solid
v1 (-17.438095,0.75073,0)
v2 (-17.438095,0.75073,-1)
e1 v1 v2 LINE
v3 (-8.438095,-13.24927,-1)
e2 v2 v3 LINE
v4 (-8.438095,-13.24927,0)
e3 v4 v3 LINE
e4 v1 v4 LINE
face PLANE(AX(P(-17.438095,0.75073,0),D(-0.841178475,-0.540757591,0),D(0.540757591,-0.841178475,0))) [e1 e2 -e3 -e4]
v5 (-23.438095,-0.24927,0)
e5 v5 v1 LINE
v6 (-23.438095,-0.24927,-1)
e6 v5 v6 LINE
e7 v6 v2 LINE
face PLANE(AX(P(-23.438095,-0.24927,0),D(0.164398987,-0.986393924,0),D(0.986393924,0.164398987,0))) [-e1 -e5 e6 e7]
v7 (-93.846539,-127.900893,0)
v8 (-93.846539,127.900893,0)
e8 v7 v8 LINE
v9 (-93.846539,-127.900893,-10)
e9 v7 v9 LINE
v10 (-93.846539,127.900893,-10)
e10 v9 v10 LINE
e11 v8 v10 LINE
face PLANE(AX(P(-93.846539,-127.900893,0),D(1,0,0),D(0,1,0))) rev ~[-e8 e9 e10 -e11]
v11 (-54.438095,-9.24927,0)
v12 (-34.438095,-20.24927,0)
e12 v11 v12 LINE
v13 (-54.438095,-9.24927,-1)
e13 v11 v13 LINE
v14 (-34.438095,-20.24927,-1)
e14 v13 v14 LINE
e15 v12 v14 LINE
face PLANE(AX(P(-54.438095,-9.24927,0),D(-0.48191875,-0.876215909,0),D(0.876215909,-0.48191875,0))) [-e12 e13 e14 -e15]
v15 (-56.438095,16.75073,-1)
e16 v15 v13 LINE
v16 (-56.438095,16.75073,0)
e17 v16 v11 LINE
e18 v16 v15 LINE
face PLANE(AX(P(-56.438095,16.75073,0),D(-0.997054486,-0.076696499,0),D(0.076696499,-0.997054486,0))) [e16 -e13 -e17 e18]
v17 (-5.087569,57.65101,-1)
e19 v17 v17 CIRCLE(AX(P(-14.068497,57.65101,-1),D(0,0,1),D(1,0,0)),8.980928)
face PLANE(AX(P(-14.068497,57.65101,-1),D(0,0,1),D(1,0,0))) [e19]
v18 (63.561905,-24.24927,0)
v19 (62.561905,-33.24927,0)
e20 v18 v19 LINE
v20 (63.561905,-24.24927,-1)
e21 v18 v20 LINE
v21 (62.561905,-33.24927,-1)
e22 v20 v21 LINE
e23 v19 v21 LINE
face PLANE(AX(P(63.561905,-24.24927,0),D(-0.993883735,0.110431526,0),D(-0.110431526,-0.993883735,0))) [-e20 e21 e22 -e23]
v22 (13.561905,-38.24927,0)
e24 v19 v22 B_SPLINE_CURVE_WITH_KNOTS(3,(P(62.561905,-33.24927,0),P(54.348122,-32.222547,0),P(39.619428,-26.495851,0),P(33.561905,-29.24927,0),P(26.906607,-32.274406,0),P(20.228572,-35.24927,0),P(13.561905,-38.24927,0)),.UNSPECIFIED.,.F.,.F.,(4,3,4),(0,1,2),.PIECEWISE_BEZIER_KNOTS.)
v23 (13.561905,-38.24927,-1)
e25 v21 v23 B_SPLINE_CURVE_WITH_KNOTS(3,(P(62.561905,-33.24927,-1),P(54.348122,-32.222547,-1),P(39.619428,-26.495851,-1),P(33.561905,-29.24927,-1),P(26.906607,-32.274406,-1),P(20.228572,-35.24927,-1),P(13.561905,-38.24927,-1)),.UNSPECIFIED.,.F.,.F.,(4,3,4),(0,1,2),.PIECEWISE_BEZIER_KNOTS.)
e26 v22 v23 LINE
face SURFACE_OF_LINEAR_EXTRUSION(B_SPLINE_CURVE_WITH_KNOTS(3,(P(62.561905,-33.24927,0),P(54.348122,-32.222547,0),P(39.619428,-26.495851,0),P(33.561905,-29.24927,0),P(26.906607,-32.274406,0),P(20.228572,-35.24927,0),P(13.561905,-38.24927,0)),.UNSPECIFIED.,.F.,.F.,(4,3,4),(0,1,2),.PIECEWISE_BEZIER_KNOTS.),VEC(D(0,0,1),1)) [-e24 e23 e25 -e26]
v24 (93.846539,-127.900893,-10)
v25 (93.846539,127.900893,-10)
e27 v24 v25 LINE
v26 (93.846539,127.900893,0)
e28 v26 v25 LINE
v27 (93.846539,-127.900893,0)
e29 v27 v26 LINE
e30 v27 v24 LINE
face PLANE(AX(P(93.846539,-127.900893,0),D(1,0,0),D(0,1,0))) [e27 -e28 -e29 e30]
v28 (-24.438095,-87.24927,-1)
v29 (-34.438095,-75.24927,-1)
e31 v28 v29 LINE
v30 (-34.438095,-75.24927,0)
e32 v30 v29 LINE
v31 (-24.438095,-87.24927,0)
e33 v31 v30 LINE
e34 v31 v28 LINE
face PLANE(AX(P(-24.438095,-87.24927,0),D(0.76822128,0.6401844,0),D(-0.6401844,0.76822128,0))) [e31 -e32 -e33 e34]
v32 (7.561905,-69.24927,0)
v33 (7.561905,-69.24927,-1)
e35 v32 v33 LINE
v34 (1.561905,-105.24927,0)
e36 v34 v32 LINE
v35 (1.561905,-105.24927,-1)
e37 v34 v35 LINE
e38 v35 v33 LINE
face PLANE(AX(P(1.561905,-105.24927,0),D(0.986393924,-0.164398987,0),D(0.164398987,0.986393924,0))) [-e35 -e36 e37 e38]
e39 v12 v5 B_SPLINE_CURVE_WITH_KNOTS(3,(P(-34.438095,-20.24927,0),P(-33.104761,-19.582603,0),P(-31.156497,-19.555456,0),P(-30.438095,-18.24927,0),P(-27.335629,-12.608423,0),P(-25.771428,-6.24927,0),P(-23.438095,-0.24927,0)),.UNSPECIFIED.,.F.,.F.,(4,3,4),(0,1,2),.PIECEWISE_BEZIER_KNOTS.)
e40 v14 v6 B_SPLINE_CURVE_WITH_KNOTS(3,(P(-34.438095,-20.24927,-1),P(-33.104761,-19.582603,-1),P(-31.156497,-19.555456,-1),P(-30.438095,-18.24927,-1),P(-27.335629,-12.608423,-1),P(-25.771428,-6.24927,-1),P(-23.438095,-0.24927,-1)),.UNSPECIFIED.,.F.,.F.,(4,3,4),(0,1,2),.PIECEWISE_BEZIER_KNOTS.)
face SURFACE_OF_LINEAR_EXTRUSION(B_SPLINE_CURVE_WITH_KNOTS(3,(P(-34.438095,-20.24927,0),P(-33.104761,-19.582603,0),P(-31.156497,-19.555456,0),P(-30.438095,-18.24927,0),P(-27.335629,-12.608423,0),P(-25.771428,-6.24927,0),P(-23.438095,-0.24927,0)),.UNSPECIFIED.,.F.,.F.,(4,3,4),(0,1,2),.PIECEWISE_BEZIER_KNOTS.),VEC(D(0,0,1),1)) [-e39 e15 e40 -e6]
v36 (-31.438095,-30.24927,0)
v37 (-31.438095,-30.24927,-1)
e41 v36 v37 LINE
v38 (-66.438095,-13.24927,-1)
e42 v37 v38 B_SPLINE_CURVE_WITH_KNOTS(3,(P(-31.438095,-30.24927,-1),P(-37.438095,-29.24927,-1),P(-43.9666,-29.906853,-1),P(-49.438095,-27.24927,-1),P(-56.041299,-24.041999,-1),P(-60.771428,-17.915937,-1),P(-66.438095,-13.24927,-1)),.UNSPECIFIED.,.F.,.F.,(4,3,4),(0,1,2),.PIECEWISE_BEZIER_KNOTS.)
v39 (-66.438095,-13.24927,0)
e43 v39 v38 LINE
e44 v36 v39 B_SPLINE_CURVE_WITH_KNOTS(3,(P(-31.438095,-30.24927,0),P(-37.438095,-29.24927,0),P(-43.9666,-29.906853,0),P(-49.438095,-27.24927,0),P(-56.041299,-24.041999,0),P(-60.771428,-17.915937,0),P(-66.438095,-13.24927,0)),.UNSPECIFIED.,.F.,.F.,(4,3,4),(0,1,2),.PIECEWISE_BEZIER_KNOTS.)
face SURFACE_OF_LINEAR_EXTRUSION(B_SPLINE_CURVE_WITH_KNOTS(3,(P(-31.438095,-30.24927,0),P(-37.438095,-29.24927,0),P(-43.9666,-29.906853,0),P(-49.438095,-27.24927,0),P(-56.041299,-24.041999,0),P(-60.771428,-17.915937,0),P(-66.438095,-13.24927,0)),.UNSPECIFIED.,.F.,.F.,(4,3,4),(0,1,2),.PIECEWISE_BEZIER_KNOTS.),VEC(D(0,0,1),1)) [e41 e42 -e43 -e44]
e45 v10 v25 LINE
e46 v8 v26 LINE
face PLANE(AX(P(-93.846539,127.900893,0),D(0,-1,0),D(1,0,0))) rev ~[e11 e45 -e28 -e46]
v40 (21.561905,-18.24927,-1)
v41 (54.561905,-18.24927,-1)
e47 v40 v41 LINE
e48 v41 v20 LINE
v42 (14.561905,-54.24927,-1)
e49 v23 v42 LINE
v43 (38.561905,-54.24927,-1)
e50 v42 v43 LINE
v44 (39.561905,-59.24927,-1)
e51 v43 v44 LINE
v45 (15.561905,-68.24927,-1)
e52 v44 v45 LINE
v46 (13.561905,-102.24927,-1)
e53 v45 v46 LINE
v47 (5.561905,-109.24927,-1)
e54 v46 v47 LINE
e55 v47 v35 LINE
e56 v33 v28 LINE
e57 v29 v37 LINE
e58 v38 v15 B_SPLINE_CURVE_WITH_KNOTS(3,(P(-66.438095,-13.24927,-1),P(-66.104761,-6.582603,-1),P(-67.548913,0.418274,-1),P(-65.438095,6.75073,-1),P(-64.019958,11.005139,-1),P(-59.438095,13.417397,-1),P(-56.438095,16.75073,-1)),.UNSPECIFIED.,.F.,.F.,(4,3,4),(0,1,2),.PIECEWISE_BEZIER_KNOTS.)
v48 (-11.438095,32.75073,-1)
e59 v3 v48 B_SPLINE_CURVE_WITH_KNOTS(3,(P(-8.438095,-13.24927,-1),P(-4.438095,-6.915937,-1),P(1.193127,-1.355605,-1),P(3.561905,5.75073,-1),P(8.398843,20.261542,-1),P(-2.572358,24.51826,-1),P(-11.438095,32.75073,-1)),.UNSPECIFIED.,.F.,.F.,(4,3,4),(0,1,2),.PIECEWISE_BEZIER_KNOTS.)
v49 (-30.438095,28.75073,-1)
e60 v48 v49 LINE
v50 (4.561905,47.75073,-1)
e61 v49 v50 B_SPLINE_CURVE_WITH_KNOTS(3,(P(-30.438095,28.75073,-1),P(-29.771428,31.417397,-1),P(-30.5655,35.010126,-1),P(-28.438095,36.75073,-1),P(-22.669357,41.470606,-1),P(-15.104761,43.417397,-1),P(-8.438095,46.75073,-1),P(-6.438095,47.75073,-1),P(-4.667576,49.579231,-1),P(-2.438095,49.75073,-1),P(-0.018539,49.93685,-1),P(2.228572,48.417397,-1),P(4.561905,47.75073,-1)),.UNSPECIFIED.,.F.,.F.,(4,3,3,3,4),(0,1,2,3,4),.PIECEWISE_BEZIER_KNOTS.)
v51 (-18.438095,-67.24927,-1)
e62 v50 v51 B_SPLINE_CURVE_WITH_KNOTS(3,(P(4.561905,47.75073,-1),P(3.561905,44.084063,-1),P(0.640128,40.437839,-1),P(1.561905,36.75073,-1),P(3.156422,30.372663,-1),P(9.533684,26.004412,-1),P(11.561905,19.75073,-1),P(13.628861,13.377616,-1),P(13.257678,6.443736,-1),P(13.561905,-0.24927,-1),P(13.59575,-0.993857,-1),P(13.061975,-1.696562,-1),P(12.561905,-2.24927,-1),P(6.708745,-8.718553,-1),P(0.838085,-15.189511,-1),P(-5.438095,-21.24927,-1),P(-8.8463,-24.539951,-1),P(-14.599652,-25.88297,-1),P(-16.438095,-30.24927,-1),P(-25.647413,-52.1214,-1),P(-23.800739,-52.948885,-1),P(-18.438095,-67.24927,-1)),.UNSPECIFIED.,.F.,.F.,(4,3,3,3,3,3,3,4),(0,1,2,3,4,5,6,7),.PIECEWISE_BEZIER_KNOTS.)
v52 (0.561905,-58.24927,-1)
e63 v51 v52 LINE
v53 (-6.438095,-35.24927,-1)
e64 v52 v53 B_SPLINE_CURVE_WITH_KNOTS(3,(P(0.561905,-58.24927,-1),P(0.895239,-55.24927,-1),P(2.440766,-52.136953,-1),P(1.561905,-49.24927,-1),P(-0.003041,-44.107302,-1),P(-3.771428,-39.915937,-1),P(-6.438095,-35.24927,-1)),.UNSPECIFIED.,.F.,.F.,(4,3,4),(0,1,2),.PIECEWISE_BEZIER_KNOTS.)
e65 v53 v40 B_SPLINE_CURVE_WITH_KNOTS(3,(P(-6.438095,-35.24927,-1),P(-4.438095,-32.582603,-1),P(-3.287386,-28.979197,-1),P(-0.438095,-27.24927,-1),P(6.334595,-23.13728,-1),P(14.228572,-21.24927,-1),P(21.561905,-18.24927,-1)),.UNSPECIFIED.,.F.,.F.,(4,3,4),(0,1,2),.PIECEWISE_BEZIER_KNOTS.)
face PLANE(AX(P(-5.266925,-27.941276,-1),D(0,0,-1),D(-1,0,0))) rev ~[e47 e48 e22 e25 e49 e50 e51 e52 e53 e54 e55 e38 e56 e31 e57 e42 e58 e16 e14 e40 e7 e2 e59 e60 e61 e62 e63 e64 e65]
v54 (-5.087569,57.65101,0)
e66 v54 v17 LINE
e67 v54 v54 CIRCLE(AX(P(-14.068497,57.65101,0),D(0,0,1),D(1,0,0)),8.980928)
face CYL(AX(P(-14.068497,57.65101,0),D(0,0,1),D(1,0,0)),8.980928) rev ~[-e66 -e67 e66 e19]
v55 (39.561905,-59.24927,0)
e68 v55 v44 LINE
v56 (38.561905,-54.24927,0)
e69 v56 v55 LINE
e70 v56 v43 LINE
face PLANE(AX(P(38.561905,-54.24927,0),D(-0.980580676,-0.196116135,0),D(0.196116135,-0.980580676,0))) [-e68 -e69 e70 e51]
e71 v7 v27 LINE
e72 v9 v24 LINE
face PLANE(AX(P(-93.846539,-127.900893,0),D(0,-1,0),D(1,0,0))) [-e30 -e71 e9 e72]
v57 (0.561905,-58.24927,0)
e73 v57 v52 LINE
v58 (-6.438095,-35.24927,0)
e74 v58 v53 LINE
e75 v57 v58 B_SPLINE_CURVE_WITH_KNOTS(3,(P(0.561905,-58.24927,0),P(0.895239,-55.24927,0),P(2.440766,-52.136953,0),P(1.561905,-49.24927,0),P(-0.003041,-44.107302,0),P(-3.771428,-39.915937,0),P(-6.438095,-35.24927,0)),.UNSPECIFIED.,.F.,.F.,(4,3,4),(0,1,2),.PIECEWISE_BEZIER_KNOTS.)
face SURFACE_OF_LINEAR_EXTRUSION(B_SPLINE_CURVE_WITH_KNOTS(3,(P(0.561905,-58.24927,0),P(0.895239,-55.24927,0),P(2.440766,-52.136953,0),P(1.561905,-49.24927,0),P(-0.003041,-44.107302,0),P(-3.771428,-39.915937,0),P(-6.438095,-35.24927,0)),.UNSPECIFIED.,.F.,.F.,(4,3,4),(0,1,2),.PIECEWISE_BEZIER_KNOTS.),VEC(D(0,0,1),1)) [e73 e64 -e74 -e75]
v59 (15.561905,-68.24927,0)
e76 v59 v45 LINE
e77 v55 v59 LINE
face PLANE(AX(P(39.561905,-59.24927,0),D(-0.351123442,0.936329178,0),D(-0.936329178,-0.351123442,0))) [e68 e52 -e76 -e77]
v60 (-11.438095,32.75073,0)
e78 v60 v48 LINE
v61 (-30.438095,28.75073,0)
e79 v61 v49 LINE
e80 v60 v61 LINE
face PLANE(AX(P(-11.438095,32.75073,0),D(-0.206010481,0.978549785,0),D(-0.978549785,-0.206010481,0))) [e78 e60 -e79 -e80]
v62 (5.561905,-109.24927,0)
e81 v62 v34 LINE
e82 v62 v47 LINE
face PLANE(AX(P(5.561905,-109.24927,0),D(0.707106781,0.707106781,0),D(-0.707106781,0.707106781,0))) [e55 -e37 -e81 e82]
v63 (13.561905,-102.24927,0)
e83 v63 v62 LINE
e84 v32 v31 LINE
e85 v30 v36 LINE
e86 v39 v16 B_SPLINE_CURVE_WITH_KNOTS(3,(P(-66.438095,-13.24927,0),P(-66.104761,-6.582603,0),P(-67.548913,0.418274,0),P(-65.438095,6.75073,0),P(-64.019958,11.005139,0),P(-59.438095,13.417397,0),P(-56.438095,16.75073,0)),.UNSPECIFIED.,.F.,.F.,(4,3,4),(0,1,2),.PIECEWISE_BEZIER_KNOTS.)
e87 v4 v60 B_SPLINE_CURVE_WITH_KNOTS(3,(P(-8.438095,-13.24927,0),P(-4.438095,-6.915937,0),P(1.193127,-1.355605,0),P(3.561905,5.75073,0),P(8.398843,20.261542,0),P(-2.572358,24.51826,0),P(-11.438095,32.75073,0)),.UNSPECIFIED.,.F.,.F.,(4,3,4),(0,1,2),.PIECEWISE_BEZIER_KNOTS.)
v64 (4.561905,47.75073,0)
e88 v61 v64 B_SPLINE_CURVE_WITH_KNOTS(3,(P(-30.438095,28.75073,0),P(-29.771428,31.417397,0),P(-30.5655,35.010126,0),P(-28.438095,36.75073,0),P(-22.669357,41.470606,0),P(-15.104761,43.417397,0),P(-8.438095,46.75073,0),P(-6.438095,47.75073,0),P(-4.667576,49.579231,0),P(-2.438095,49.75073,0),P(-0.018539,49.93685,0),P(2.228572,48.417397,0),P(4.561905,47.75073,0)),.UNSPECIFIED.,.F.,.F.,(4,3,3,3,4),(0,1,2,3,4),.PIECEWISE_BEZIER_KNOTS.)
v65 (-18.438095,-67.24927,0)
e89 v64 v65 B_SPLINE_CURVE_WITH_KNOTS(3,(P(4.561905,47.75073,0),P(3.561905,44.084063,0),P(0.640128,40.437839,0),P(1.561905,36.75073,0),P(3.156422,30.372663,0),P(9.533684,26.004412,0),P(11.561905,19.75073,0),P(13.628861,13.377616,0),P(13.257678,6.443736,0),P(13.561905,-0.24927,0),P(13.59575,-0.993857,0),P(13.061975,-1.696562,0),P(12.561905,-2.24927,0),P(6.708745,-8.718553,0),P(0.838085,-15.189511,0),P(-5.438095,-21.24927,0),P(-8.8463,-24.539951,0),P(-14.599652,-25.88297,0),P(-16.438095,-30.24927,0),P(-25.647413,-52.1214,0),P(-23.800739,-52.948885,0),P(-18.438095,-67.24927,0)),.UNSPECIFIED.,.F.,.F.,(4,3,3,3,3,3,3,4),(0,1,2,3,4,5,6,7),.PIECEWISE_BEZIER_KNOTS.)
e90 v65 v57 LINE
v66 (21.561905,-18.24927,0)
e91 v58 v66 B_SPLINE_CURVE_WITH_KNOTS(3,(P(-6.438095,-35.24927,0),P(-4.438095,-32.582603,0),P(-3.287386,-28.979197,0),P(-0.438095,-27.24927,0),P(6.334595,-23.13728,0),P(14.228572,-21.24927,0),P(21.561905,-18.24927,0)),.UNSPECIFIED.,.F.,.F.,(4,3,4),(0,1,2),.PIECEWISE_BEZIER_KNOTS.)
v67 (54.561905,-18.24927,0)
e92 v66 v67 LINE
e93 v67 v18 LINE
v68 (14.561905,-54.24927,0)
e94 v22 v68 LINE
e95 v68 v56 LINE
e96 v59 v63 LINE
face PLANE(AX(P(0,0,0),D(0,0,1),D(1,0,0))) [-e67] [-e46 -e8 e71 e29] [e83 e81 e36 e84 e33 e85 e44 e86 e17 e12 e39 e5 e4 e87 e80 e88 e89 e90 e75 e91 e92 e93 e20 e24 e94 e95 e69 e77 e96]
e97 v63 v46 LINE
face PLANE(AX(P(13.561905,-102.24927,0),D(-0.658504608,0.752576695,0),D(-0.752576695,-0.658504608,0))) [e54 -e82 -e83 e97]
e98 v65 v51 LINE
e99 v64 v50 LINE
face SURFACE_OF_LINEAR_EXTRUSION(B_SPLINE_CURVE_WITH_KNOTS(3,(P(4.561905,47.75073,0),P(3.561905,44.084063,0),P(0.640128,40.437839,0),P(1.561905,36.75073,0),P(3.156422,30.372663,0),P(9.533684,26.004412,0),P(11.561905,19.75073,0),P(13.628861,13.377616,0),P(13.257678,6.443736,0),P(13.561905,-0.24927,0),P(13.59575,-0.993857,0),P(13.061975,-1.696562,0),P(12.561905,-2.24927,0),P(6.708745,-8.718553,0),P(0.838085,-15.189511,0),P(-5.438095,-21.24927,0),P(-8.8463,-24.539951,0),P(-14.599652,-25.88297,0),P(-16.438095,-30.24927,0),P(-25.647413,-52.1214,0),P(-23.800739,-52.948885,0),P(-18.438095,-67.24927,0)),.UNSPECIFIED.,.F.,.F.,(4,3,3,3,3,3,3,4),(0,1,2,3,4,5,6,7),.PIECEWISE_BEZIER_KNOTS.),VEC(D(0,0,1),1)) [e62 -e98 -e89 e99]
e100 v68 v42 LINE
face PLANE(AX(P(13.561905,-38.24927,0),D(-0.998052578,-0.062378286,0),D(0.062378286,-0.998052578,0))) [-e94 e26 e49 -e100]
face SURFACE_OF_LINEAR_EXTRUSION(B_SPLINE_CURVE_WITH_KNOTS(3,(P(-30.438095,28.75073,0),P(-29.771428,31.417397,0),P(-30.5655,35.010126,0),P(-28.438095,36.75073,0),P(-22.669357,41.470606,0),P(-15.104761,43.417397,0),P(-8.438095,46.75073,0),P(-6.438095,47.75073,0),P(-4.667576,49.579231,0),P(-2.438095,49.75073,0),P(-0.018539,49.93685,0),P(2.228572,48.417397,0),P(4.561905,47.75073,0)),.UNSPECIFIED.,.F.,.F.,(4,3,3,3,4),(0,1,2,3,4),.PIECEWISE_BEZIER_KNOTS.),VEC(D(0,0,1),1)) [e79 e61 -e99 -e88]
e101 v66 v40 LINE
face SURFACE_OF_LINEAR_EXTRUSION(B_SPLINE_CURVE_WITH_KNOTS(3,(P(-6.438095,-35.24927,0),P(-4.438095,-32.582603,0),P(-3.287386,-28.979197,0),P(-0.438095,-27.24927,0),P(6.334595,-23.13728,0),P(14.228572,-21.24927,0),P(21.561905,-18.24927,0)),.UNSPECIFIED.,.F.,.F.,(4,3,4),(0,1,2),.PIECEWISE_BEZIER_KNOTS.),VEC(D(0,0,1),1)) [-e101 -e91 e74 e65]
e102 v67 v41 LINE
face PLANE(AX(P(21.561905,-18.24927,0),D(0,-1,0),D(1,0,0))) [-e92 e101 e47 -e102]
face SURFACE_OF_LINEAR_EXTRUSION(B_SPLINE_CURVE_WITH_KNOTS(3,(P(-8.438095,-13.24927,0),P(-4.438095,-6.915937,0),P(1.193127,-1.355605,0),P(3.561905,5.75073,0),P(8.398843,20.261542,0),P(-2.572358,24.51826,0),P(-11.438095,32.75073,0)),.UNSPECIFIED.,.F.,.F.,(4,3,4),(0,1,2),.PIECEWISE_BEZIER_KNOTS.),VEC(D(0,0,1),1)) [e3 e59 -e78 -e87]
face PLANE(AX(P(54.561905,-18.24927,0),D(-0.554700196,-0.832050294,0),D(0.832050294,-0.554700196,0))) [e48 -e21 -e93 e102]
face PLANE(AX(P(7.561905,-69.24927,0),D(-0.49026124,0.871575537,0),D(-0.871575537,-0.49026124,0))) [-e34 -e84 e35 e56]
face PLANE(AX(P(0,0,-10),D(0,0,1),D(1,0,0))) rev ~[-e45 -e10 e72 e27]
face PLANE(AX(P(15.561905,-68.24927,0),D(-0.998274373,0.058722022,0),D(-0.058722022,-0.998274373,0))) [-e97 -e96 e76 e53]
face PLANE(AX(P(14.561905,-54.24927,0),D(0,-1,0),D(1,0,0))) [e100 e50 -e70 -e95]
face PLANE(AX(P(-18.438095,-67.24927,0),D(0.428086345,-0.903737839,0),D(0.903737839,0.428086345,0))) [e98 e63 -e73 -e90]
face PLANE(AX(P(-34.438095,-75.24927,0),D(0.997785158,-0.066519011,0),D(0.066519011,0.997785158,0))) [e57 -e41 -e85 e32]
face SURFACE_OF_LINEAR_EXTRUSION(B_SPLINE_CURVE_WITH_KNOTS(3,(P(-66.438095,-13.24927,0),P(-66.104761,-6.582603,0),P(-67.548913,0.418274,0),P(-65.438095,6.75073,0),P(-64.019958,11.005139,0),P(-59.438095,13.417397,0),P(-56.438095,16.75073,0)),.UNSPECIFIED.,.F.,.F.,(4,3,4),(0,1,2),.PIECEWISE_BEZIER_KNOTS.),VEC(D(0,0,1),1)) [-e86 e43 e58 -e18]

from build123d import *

# Parameters (mm, degrees)
ESQUISSE2_W             = 187.693077266
ESQUISSE2_H             = 255.801785532
BOSS_EXTRU_1_DEPTH      = 10
ESQUISSE1_R             = 8.980927744
ENL_V_MAT_EXTRU_1_DEPTH = 1


with BuildPart() as part:
    # Esquisse2 → Boss.-Extru.1 (new body)
    with BuildSketch(Plane.XY):
        Rectangle(ESQUISSE2_W, ESQUISSE2_H)
    extrude(amount=-BOSS_EXTRU_1_DEPTH)

    # Esquisse1 → Enlèv. mat.-Extru.1 (cut)
    with BuildSketch(Plane.XY):
        with Locations((-14.068497164, 57.651010039)):
            Circle(ESQUISSE1_R)
        with BuildLine():
            Line((-18.438094574, -67.249269982), (0.561905426, -58.249269982))
            add(Edge.make_bspline(
                [(0.561905426, -58.249269982), (0.895238759, -55.249269982), (2.440765615, -52.136953462), (1.561905426, -49.249269982), (-0.003041236, -44.107302379), (-3.771427907, -39.915936649), (-6.438094574, -35.249269982)],
                knots=[0, 0, 0, 0, 1, 1, 1, 2, 2, 2, 2], degree=3))
            add(Edge.make_bspline(
                [(-6.438094574, -35.249269982), (-4.438094574, -32.582603316), (-3.287386291, -28.979197096), (-0.438094574, -27.249269982), (6.334594522, -23.137280174), (14.228572093, -21.249269982), (21.561905426, -18.249269982)],
                knots=[0, 0, 0, 0, 1, 1, 1, 2, 2, 2, 2], degree=3))
            Line((21.561905426, -18.249269982), (54.561905426, -18.249269982))
            Line((54.561905426, -18.249269982), (63.561905426, -24.249269982))
            Line((63.561905426, -24.249269982), (62.561905426, -33.249269982))
            add(Edge.make_bspline(
                [(62.561905426, -33.249269982), (54.348122416, -32.222547106), (39.619427755, -26.495850742), (33.561905426, -29.249269982), (26.906606899, -32.274405676), (20.228572093, -35.249269982), (13.561905426, -38.249269982)],
                knots=[0, 0, 0, 0, 1, 1, 1, 2, 2, 2, 2], degree=3))
            Line((13.561905426, -38.249269982), (14.561905426, -54.249269982))
            Line((14.561905426, -54.249269982), (38.561905426, -54.249269982))
            Line((38.561905426, -54.249269982), (39.561905426, -59.249269982))
            Line((39.561905426, -59.249269982), (15.561905426, -68.249269982))
            Line((15.561905426, -68.249269982), (13.561905426, -102.249269982))
            Line((13.561905426, -102.249269982), (5.561905426, -109.249269982))
            Line((5.561905426, -109.249269982), (1.561905426, -105.249269982))
            Line((1.561905426, -105.249269982), (7.561905426, -69.249269982))
            Line((7.561905426, -69.249269982), (-24.438094574, -87.249269982))
            Line((-24.438094574, -87.249269982), (-34.438094574, -75.249269982))
            Line((-34.438094574, -75.249269982), (-31.438094574, -30.249269982))
            add(Edge.make_bspline(
                [(-31.438094574, -30.249269982), (-37.438094574, -29.249269982), (-43.966600051, -29.906853036), (-49.438094574, -27.249269982), (-56.041298676, -24.041999418), (-60.771427907, -17.915936649), (-66.438094574, -13.249269982)],
                knots=[0, 0, 0, 0, 1, 1, 1, 2, 2, 2, 2], degree=3))
            add(Edge.make_bspline(
                [(-66.438094574, -13.249269982), (-66.104761241, -6.582603316), (-67.548913267, 0.418273938), (-65.438094574, 6.750730018), (-64.019958082, 11.005139495), (-59.438094574, 13.417396684), (-56.438094574, 16.750730018)],
                knots=[0, 0, 0, 0, 1, 1, 1, 2, 2, 2, 2], degree=3))
            Line((-56.438094574, 16.750730018), (-54.438094574, -9.249269982))
            Line((-54.438094574, -9.249269982), (-34.438094574, -20.249269982))
            add(Edge.make_bspline(
                [(-34.438094574, -20.249269982), (-33.104761241, -19.582603316), (-31.15649663, -19.555455539), (-30.438094574, -18.249269982), (-27.335628903, -12.608423308), (-25.771427907, -6.249269982), (-23.438094574, -0.249269982)],
                knots=[0, 0, 0, 0, 1, 1, 1, 2, 2, 2, 2], degree=3))
            Line((-23.438094574, -0.249269982), (-17.438094574, 0.750730018))
            Line((-17.438094574, 0.750730018), (-8.438094574, -13.249269982))
            add(Edge.make_bspline(
                [(-8.438094574, -13.249269982), (-4.438094574, -6.915936649), (1.193127025, -1.355605184), (3.561905426, 5.750730018), (8.39884273, 20.261541929), (-2.572357609, 24.518259979), (-11.438094574, 32.750730018)],
                knots=[0, 0, 0, 0, 1, 1, 1, 2, 2, 2, 2], degree=3))
            Line((-11.438094574, 32.750730018), (-30.438094574, 28.750730018))
            add(Edge.make_bspline(
                [(-30.438094574, 28.750730018), (-29.771427907, 31.417396684), (-30.565499704, 35.010125821), (-28.438094574, 36.750730018), (-22.669357465, 41.470605834), (-15.104761241, 43.417396684), (-8.438094574, 46.750730018), (-6.438094574, 47.750730018), (-4.667576181, 49.579231433), (-2.438094574, 49.750730018), (-0.018539167, 49.936849664), (2.228572093, 48.417396684), (4.561905426, 47.750730018)],
                knots=[0, 0, 0, 0, 1, 1, 1, 2, 2, 2, 3, 3, 3, 4, 4, 4, 4], degree=3))
            add(Edge.make_bspline(
                [(4.561905426, 47.750730018), (3.561905426, 44.084063351), (0.640128228, 40.437838809), (1.561905426, 36.750730018), (3.156422174, 30.372663025), (9.533684179, 26.004412197), (11.561905426, 19.750730018), (13.628861322, 13.377616005), (13.257677863, 6.443736403), (13.561905426, -0.249269982), (13.595750298, -0.99385717), (13.061974693, -1.696561846), (12.561905426, -2.249269982), (6.708744727, -8.71855286), (0.838084785, -15.189510601), (-5.438094574, -21.249269982), (-8.846299856, -24.539950945), (-14.599652494, -25.882970043), (-16.438094574, -30.249269982), (-25.647412644, -52.121400398), (-23.800738795, -52.948885392), (-18.438094574, -67.249269982)],
                knots=[0, 0, 0, 0, 1, 1, 1, 2, 2, 2, 3, 3, 3, 4, 4, 4, 5, 5, 5, 6, 6, 6, 7, 7, 7, 7], degree=3))
        make_face()
    extrude(amount=-ENL_V_MAT_EXTRU_1_DEPTH, mode=Mode.SUBTRACT)


solid = part.part
